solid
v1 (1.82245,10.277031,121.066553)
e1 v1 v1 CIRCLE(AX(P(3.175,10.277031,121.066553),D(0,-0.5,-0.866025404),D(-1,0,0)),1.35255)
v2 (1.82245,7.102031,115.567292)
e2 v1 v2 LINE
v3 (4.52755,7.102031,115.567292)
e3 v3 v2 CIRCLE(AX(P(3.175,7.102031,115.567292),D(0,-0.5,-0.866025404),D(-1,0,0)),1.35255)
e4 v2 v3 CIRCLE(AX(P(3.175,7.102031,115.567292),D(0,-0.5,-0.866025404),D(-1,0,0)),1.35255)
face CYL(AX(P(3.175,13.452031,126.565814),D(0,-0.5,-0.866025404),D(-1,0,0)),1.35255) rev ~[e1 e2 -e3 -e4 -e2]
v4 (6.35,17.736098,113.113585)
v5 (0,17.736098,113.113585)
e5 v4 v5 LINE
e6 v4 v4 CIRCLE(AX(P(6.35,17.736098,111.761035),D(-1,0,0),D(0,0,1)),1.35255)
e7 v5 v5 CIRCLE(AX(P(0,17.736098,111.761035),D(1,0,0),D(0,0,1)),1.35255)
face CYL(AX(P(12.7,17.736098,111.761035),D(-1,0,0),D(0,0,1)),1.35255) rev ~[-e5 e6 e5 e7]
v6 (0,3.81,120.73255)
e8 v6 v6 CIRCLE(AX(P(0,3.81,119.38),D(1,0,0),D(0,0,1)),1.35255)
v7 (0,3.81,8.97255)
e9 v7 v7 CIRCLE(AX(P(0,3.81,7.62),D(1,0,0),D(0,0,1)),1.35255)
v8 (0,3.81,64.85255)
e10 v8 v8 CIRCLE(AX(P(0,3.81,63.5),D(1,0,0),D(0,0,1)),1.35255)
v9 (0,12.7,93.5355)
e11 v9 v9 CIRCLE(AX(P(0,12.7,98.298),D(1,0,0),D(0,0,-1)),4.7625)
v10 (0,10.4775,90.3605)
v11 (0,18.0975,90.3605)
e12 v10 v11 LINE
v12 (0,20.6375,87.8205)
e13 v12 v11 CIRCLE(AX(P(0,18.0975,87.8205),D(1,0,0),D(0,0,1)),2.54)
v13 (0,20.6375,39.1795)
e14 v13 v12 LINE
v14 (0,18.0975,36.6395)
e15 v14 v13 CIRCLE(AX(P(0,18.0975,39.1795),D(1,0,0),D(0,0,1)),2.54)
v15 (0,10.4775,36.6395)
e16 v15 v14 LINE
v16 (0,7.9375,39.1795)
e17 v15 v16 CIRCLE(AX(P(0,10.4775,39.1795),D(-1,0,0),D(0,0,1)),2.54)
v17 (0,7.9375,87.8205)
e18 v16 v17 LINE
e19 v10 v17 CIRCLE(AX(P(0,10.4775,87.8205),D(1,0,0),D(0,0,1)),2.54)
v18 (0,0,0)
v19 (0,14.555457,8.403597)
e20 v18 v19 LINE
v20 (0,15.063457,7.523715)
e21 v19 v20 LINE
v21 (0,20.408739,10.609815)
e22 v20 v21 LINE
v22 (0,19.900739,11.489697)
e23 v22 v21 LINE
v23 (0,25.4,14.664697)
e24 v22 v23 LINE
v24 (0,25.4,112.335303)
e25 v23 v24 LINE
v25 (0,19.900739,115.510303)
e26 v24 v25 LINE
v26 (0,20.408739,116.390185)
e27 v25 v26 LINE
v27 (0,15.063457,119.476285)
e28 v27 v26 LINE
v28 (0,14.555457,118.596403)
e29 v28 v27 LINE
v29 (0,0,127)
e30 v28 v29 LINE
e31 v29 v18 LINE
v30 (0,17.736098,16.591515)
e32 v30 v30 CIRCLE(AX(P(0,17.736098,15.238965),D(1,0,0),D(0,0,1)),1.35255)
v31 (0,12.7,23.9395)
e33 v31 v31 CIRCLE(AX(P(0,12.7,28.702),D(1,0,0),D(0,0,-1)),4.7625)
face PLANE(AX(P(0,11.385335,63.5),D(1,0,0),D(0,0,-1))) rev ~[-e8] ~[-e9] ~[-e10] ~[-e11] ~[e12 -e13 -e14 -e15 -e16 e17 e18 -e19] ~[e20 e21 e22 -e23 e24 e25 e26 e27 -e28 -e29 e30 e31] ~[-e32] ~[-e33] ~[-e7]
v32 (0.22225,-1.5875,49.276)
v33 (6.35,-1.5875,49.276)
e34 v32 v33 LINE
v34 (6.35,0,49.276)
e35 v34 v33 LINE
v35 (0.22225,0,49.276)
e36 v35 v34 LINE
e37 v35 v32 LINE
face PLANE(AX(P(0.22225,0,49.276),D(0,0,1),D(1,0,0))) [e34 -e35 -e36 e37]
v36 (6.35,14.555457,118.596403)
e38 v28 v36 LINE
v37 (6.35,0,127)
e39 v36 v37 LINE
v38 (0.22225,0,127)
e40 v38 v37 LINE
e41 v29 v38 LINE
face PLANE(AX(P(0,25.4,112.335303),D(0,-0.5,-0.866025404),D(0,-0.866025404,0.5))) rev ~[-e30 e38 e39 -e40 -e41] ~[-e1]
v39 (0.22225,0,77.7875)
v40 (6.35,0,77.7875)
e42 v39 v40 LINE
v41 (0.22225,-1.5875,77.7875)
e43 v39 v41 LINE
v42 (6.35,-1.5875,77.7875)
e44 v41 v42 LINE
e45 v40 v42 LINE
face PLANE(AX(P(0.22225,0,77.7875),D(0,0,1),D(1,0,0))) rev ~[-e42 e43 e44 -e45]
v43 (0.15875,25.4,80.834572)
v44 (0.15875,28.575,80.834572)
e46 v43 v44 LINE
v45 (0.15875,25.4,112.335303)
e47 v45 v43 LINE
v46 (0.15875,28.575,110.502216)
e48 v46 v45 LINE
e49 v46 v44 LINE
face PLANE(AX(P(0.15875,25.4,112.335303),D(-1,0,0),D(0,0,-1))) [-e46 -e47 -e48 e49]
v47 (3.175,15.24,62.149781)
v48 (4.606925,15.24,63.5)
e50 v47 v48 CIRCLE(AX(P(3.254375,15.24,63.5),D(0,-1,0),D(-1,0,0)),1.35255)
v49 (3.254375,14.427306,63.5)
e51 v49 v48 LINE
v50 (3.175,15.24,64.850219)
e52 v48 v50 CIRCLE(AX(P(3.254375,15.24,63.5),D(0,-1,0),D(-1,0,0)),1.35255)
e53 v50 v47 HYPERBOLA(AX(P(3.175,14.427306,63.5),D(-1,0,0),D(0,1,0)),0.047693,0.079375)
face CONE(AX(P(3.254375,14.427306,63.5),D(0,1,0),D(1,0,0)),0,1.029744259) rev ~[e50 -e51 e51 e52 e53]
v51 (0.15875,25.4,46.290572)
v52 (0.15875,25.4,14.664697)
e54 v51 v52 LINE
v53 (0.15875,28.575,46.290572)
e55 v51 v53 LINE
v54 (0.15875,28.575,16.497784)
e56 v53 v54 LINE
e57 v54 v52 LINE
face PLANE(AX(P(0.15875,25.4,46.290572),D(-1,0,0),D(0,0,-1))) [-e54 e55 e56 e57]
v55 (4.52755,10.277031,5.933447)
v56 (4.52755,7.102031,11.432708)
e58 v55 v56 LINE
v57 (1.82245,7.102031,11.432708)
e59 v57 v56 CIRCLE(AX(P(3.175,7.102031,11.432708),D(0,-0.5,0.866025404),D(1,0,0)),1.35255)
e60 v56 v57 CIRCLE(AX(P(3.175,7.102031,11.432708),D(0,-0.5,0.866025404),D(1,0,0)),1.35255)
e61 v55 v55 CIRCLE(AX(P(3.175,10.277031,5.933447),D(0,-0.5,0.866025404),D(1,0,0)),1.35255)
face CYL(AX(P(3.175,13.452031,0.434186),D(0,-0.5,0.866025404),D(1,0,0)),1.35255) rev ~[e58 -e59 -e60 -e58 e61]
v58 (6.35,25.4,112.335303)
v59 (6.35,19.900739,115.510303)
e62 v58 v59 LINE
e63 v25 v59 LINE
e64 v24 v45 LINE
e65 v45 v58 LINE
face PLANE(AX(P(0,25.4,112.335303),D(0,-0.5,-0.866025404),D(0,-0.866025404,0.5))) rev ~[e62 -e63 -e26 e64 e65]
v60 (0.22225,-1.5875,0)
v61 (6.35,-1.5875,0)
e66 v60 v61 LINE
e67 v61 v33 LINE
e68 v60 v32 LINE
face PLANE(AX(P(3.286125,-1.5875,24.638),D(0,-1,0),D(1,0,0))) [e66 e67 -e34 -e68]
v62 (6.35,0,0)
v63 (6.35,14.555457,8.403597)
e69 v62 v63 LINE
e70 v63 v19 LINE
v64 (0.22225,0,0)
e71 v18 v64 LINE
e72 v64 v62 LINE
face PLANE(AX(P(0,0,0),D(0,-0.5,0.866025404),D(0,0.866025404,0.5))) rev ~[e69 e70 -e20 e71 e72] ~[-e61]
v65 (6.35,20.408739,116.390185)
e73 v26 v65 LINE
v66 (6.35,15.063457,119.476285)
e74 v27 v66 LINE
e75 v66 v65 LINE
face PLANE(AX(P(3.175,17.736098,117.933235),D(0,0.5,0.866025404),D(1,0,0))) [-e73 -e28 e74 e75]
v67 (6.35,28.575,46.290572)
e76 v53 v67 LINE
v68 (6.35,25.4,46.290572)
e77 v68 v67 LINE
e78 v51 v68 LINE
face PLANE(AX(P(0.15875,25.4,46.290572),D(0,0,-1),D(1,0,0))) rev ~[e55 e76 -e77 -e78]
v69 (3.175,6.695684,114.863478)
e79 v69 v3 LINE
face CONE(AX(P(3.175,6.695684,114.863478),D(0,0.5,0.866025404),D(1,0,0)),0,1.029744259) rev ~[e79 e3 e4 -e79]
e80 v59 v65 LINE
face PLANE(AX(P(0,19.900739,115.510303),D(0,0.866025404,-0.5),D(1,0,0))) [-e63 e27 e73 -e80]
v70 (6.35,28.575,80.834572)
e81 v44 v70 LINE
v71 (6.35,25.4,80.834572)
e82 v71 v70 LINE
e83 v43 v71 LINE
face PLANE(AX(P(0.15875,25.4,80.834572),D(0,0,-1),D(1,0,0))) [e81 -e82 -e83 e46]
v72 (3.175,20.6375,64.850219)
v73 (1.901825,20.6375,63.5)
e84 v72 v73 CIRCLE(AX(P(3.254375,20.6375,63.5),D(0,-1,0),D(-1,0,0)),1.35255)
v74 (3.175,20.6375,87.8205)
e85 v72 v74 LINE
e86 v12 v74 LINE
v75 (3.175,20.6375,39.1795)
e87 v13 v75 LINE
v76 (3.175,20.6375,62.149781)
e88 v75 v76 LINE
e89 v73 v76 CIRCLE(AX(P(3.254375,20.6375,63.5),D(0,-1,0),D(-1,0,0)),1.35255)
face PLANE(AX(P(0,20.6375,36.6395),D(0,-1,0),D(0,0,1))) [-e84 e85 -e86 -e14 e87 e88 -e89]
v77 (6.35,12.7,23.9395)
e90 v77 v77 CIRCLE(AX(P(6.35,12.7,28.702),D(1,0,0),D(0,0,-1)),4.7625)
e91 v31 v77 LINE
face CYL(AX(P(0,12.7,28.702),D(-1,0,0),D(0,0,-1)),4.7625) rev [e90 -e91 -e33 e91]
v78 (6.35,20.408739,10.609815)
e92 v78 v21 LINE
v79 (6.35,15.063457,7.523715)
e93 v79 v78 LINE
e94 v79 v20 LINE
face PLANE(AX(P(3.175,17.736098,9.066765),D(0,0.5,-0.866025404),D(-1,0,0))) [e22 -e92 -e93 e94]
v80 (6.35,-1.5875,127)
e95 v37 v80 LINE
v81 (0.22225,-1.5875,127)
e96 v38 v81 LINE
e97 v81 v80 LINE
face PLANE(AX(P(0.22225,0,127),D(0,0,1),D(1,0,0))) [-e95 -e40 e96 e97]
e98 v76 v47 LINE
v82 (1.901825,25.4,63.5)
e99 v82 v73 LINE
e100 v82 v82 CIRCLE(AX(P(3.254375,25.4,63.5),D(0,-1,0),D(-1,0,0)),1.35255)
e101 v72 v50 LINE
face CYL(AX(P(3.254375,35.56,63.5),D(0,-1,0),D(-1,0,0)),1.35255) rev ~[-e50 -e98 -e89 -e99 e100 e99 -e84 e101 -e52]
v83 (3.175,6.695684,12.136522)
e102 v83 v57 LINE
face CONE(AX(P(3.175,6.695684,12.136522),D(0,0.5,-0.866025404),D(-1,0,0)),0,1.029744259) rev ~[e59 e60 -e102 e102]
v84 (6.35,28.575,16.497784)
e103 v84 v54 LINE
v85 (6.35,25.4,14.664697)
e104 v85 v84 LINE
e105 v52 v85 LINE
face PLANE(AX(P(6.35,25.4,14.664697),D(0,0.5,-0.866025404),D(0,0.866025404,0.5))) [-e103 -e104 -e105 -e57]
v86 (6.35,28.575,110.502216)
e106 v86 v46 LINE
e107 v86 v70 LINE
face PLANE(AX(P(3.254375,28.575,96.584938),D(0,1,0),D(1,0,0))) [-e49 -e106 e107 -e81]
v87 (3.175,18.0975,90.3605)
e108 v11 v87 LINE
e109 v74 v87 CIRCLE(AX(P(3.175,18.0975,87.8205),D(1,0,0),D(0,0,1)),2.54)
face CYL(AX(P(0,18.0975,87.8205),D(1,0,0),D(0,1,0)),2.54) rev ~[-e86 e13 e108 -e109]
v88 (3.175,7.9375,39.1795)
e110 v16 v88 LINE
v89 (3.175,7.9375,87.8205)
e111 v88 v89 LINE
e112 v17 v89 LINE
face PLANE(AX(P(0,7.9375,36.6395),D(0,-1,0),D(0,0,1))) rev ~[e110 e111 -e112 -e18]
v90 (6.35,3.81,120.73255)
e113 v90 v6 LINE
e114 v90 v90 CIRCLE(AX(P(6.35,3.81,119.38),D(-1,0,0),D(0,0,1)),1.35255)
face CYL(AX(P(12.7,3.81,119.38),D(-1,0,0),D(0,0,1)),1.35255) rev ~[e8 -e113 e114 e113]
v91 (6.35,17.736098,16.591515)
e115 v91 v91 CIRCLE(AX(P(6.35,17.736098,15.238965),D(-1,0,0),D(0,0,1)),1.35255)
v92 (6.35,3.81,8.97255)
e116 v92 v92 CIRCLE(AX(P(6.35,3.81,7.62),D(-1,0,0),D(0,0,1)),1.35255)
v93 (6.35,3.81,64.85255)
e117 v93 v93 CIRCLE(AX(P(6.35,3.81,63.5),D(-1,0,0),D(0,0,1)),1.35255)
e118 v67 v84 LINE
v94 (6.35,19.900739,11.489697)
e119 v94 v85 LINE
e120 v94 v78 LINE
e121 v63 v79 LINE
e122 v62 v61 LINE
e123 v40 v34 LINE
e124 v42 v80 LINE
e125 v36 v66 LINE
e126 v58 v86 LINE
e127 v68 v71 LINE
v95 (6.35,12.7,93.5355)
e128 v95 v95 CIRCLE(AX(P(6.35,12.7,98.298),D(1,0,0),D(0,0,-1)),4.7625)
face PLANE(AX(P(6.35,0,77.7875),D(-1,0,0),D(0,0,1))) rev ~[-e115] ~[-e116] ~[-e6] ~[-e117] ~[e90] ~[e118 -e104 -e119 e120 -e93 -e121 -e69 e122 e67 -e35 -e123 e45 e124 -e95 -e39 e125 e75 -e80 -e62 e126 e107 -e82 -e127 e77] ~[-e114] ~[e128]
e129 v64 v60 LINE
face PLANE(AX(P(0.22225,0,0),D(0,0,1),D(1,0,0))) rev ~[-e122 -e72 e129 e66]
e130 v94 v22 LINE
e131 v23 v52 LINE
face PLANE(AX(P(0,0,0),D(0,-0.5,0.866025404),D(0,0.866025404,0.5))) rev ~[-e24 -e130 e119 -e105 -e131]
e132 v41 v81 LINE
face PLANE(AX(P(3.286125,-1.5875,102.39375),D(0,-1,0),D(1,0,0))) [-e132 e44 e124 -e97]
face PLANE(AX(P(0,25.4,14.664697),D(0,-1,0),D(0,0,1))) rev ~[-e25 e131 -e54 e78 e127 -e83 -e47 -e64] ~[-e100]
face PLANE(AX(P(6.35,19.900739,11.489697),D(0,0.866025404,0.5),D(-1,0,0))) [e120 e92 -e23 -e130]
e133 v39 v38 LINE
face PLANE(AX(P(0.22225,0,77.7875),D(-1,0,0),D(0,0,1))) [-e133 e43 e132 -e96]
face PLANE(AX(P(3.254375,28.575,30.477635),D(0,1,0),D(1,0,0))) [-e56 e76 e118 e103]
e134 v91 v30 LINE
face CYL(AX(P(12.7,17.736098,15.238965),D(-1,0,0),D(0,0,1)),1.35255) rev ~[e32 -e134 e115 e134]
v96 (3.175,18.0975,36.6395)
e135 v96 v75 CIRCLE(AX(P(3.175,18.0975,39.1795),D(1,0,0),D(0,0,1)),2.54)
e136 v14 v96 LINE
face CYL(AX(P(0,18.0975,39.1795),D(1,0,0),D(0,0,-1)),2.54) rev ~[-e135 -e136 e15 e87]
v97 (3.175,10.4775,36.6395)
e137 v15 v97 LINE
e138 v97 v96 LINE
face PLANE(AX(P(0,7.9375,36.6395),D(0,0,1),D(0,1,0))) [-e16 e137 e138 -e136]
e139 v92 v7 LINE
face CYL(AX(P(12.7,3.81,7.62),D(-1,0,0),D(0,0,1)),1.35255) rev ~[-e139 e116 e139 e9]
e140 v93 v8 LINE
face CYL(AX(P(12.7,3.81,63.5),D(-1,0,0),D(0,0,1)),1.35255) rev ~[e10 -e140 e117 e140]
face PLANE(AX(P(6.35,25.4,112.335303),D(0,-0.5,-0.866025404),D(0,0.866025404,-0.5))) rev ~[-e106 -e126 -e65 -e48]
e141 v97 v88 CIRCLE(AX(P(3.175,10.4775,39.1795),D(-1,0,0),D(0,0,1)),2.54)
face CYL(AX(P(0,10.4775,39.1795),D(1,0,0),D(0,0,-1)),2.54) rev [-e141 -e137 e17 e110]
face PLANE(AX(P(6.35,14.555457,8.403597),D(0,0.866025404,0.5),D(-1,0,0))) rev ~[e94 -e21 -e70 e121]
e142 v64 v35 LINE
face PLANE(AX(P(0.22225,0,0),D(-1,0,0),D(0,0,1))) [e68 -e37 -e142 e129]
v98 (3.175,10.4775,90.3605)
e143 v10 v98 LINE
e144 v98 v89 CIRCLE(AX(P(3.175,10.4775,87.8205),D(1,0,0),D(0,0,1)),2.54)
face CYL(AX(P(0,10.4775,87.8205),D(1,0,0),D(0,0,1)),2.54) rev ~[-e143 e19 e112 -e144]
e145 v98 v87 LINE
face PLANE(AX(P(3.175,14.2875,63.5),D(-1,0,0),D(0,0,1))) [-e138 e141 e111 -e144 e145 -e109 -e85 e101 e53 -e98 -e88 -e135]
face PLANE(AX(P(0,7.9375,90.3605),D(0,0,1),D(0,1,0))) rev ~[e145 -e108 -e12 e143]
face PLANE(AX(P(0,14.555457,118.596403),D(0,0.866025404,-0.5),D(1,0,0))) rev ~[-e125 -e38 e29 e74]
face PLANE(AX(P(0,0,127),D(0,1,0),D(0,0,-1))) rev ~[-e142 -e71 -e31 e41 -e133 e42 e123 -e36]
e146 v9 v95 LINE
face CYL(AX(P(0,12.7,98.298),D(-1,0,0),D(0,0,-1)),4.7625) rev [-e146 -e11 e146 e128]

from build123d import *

# Parameters (mm, degrees)
SKETCH1_R                     = 4.7625
BOSS_EXTRUDE1_DEPTH           = 6.35
SKETCH7_W                     = 6.35
SKETCH7_H                     = 6.1722
BOSS_EXTRUDE2_DEPTH           = 1.016
SKETCH8_W                     = 6.35
SKETCH8_H                     = 6.1722
BOSS_EXTRUDE3_DEPTH           = 1.016
TAP_DRILL_FOR_6_32_TAP1_D     = 2.7051
TAP_DRILL_FOR_6_32_TAP1_DEPTH = 6.35
TAP_DRILL_FOR_6_32_TAP1_TIP   = 0.81269403
TAP_DRILL_FOR_6_32_TAP2_D     = 2.7051
TAP_DRILL_FOR_6_32_TAP2_DEPTH = 6.35
TAP_DRILL_FOR_6_32_TAP2_TIP   = 0.81269403
TAP_DRILL_FOR_6_32_TAP3_D     = 2.7051
TAP_DRILL_FOR_6_32_TAP3_DEPTH = 6.35
TAP_DRILL_FOR_6_32_TAP3_TIP   = 0.81269403
SKETCH18_W                    = 53.721
SKETCH18_H                    = 12.7
CUT_EXTRUDE1_DEPTH            = 3.175
FILLET1_R                     = 2.54
SKETCH19_W                    = 6.19125
SKETCH19_H                    = 31.625875518
SKETCH19_H_2                  = 31.500730808
BOSS_EXTRUDE4_DEPTH           = 3.175
CUT_EXTRUDE2_DEPTH            = 131.329786024
TAP_DRILL_FOR_6_32_TAP4_D     = 2.7051
TAP_DRILL_FOR_6_32_TAP4_DEPTH = 10.16
TAP_DRILL_FOR_6_32_TAP4_TIP   = 0.81269403
SKETCH23_W                    = 6.12775
SKETCH23_H                    = 49.2125
SKETCH23_H_2                  = 49.276
BOSS_EXTRUDE5_DEPTH           = 1.5875


with BuildPart() as part:
    # Sketch1 → Boss-Extrude1 (new body)
    with BuildSketch(Plane(origin=(0, 0, 0), x_dir=(0, 0, -1), z_dir=(1, 0, 0))):
        Polygon((0, 0), (-14.664696837, 25.4), (-112.335303163, 25.4), (-127, 0), align=None)
        with Locations((-98.298, 12.7)):
            Circle(SKETCH1_R, mode=Mode.SUBTRACT)
        with Locations((-28.702, 12.7)):
            Circle(SKETCH1_R, mode=Mode.SUBTRACT)
    extrude(amount=BOSS_EXTRUDE1_DEPTH)

    # Sketch7 → Boss-Extrude2 (add)
    with BuildSketch(Plane(origin=(0, 0, 0), x_dir=(-1, 0, 0), z_dir=(0, 0.499999999999998, -0.8660254037844397))):
        with Locations((-3.175, 19.893293675)):
            Rectangle(SKETCH7_W, SKETCH7_H)
    extrude(amount=BOSS_EXTRUDE2_DEPTH)

    # Sketch8 → Boss-Extrude3 (add)
    with BuildSketch(Plane(origin=(0, 54.99261314, 95.25), x_dir=(1, 0, 0), z_dir=(0, 0.500000000000004, 0.8660254037844365))):
        with Locations((3.175, -43.606706325)):
            Rectangle(SKETCH8_W, SKETCH8_H)
    extrude(amount=BOSS_EXTRUDE3_DEPTH)

    # Tap Drill for #6-32 Tap1
    with Locations(Plane(origin=(6.35, 0, 0), x_dir=(0, 0, -1), z_dir=(1, 0, 0))):
        with Locations((-111.761034973, 17.736097687), (-15.238965027, 17.736097687), (-119.38, 3.81), (-7.62, 3.81), (-63.5, 3.81)):
            Hole(TAP_DRILL_FOR_6_32_TAP1_D / 2, depth=TAP_DRILL_FOR_6_32_TAP1_DEPTH)
            with Locations((0, 0, -(TAP_DRILL_FOR_6_32_TAP1_DEPTH + TAP_DRILL_FOR_6_32_TAP1_TIP / 2))):  # 118° drill point
                Cone(0, TAP_DRILL_FOR_6_32_TAP1_D / 2, TAP_DRILL_FOR_6_32_TAP1_TIP, mode=Mode.SUBTRACT)

    # Tap Drill for #6-32 Tap2
    with Locations(Plane(origin=(0, 54.99261314, 95.25), x_dir=(1, 0, 0), z_dir=(0, 0.500000000000004, 0.8660254037844365))):
        with Locations((3.175, -51.633106325)):
            Hole(TAP_DRILL_FOR_6_32_TAP2_D / 2, depth=TAP_DRILL_FOR_6_32_TAP2_DEPTH)
            with Locations((0, 0, -(TAP_DRILL_FOR_6_32_TAP2_DEPTH + TAP_DRILL_FOR_6_32_TAP2_TIP / 2))):  # 118° drill point
                Cone(0, TAP_DRILL_FOR_6_32_TAP2_D / 2, TAP_DRILL_FOR_6_32_TAP2_TIP, mode=Mode.SUBTRACT)

    # Tap Drill for #6-32 Tap3
    with Locations(Plane(origin=(0, 0, 0), x_dir=(-1, 0, 0), z_dir=(0, 0.49999999999999806, -0.8660254037844398))):
        with Locations((-3.175, 11.866893675)):
            Hole(TAP_DRILL_FOR_6_32_TAP3_D / 2, depth=TAP_DRILL_FOR_6_32_TAP3_DEPTH)
            with Locations((0, 0, -(TAP_DRILL_FOR_6_32_TAP3_DEPTH + TAP_DRILL_FOR_6_32_TAP3_TIP / 2))):  # 118° drill point
                Cone(0, TAP_DRILL_FOR_6_32_TAP3_D / 2, TAP_DRILL_FOR_6_32_TAP3_TIP, mode=Mode.SUBTRACT)

    # Sketch18 → Cut-Extrude1 (cut)
    with BuildSketch(Plane.ZY):
        with Locations((63.5, 14.2875)):
            Rectangle(SKETCH18_W, SKETCH18_H)
    extrude(amount=-CUT_EXTRUDE1_DEPTH, mode=Mode.SUBTRACT)

    # Fillet1
    fillet1_edges = [part.edges().sort_by_distance(p)[0] for p in [
        (1.5875, 7.9375, 36.6395),
        (1.5875, 20.6375, 36.6395),
        (1.5875, 20.6375, 90.3605),
        (1.5875, 7.9375, 90.3605),
    ]]
    fillet(fillet1_edges, radius=FILLET1_R)

    # Sketch19 → Boss-Extrude4 (add)
    with BuildSketch(Plane(origin=(0, 25.4, 0), x_dir=(1, 0, 0), z_dir=(0, 1, 0))):
        with Locations((3.254375, -30.477634596)):
            Rectangle(SKETCH19_W, SKETCH19_H)
        with Locations((3.254375, -96.584937759)):
            Rectangle(SKETCH19_W, SKETCH19_H_2)
    extrude(amount=BOSS_EXTRUDE4_DEPTH)

    # Sketch20 → Cut-Extrude2 (cut, through all)
    with BuildSketch(Plane(origin=(6.35, 0, 0), x_dir=(0, 0, -1), z_dir=(1, 0, 0))):
        Polygon((-112.335303163, 25.4), (-110.502216058, 28.575), (-112.335303163, 28.575), align=None)
        Polygon((-14.664696837, 25.4), (-16.497783942, 28.575), (-14.664696837, 28.575), align=None)
    extrude(amount=-CUT_EXTRUDE2_DEPTH, mode=Mode.SUBTRACT)

    # Tap Drill for #6-32 Tap4
    with Locations(Plane(origin=(0, 25.4, 0), x_dir=(1, 0, 0), z_dir=(0, 1, 0))):
        with Locations((3.254375, -63.5)):
            Hole(TAP_DRILL_FOR_6_32_TAP4_D / 2, depth=TAP_DRILL_FOR_6_32_TAP4_DEPTH)
            with Locations((0, 0, -(TAP_DRILL_FOR_6_32_TAP4_DEPTH + TAP_DRILL_FOR_6_32_TAP4_TIP / 2))):  # 118° drill point
                Cone(0, TAP_DRILL_FOR_6_32_TAP4_D / 2, TAP_DRILL_FOR_6_32_TAP4_TIP, mode=Mode.SUBTRACT)

    # Sketch23 → Boss-Extrude5 (add)
    with BuildSketch(Plane.XZ):
        with Locations((3.286125, 102.39375)):
            Rectangle(SKETCH23_W, SKETCH23_H)
        with Locations((3.286125, 24.638)):
            Rectangle(SKETCH23_W, SKETCH23_H_2)
    extrude(amount=BOSS_EXTRUDE5_DEPTH)


solid = part.part
